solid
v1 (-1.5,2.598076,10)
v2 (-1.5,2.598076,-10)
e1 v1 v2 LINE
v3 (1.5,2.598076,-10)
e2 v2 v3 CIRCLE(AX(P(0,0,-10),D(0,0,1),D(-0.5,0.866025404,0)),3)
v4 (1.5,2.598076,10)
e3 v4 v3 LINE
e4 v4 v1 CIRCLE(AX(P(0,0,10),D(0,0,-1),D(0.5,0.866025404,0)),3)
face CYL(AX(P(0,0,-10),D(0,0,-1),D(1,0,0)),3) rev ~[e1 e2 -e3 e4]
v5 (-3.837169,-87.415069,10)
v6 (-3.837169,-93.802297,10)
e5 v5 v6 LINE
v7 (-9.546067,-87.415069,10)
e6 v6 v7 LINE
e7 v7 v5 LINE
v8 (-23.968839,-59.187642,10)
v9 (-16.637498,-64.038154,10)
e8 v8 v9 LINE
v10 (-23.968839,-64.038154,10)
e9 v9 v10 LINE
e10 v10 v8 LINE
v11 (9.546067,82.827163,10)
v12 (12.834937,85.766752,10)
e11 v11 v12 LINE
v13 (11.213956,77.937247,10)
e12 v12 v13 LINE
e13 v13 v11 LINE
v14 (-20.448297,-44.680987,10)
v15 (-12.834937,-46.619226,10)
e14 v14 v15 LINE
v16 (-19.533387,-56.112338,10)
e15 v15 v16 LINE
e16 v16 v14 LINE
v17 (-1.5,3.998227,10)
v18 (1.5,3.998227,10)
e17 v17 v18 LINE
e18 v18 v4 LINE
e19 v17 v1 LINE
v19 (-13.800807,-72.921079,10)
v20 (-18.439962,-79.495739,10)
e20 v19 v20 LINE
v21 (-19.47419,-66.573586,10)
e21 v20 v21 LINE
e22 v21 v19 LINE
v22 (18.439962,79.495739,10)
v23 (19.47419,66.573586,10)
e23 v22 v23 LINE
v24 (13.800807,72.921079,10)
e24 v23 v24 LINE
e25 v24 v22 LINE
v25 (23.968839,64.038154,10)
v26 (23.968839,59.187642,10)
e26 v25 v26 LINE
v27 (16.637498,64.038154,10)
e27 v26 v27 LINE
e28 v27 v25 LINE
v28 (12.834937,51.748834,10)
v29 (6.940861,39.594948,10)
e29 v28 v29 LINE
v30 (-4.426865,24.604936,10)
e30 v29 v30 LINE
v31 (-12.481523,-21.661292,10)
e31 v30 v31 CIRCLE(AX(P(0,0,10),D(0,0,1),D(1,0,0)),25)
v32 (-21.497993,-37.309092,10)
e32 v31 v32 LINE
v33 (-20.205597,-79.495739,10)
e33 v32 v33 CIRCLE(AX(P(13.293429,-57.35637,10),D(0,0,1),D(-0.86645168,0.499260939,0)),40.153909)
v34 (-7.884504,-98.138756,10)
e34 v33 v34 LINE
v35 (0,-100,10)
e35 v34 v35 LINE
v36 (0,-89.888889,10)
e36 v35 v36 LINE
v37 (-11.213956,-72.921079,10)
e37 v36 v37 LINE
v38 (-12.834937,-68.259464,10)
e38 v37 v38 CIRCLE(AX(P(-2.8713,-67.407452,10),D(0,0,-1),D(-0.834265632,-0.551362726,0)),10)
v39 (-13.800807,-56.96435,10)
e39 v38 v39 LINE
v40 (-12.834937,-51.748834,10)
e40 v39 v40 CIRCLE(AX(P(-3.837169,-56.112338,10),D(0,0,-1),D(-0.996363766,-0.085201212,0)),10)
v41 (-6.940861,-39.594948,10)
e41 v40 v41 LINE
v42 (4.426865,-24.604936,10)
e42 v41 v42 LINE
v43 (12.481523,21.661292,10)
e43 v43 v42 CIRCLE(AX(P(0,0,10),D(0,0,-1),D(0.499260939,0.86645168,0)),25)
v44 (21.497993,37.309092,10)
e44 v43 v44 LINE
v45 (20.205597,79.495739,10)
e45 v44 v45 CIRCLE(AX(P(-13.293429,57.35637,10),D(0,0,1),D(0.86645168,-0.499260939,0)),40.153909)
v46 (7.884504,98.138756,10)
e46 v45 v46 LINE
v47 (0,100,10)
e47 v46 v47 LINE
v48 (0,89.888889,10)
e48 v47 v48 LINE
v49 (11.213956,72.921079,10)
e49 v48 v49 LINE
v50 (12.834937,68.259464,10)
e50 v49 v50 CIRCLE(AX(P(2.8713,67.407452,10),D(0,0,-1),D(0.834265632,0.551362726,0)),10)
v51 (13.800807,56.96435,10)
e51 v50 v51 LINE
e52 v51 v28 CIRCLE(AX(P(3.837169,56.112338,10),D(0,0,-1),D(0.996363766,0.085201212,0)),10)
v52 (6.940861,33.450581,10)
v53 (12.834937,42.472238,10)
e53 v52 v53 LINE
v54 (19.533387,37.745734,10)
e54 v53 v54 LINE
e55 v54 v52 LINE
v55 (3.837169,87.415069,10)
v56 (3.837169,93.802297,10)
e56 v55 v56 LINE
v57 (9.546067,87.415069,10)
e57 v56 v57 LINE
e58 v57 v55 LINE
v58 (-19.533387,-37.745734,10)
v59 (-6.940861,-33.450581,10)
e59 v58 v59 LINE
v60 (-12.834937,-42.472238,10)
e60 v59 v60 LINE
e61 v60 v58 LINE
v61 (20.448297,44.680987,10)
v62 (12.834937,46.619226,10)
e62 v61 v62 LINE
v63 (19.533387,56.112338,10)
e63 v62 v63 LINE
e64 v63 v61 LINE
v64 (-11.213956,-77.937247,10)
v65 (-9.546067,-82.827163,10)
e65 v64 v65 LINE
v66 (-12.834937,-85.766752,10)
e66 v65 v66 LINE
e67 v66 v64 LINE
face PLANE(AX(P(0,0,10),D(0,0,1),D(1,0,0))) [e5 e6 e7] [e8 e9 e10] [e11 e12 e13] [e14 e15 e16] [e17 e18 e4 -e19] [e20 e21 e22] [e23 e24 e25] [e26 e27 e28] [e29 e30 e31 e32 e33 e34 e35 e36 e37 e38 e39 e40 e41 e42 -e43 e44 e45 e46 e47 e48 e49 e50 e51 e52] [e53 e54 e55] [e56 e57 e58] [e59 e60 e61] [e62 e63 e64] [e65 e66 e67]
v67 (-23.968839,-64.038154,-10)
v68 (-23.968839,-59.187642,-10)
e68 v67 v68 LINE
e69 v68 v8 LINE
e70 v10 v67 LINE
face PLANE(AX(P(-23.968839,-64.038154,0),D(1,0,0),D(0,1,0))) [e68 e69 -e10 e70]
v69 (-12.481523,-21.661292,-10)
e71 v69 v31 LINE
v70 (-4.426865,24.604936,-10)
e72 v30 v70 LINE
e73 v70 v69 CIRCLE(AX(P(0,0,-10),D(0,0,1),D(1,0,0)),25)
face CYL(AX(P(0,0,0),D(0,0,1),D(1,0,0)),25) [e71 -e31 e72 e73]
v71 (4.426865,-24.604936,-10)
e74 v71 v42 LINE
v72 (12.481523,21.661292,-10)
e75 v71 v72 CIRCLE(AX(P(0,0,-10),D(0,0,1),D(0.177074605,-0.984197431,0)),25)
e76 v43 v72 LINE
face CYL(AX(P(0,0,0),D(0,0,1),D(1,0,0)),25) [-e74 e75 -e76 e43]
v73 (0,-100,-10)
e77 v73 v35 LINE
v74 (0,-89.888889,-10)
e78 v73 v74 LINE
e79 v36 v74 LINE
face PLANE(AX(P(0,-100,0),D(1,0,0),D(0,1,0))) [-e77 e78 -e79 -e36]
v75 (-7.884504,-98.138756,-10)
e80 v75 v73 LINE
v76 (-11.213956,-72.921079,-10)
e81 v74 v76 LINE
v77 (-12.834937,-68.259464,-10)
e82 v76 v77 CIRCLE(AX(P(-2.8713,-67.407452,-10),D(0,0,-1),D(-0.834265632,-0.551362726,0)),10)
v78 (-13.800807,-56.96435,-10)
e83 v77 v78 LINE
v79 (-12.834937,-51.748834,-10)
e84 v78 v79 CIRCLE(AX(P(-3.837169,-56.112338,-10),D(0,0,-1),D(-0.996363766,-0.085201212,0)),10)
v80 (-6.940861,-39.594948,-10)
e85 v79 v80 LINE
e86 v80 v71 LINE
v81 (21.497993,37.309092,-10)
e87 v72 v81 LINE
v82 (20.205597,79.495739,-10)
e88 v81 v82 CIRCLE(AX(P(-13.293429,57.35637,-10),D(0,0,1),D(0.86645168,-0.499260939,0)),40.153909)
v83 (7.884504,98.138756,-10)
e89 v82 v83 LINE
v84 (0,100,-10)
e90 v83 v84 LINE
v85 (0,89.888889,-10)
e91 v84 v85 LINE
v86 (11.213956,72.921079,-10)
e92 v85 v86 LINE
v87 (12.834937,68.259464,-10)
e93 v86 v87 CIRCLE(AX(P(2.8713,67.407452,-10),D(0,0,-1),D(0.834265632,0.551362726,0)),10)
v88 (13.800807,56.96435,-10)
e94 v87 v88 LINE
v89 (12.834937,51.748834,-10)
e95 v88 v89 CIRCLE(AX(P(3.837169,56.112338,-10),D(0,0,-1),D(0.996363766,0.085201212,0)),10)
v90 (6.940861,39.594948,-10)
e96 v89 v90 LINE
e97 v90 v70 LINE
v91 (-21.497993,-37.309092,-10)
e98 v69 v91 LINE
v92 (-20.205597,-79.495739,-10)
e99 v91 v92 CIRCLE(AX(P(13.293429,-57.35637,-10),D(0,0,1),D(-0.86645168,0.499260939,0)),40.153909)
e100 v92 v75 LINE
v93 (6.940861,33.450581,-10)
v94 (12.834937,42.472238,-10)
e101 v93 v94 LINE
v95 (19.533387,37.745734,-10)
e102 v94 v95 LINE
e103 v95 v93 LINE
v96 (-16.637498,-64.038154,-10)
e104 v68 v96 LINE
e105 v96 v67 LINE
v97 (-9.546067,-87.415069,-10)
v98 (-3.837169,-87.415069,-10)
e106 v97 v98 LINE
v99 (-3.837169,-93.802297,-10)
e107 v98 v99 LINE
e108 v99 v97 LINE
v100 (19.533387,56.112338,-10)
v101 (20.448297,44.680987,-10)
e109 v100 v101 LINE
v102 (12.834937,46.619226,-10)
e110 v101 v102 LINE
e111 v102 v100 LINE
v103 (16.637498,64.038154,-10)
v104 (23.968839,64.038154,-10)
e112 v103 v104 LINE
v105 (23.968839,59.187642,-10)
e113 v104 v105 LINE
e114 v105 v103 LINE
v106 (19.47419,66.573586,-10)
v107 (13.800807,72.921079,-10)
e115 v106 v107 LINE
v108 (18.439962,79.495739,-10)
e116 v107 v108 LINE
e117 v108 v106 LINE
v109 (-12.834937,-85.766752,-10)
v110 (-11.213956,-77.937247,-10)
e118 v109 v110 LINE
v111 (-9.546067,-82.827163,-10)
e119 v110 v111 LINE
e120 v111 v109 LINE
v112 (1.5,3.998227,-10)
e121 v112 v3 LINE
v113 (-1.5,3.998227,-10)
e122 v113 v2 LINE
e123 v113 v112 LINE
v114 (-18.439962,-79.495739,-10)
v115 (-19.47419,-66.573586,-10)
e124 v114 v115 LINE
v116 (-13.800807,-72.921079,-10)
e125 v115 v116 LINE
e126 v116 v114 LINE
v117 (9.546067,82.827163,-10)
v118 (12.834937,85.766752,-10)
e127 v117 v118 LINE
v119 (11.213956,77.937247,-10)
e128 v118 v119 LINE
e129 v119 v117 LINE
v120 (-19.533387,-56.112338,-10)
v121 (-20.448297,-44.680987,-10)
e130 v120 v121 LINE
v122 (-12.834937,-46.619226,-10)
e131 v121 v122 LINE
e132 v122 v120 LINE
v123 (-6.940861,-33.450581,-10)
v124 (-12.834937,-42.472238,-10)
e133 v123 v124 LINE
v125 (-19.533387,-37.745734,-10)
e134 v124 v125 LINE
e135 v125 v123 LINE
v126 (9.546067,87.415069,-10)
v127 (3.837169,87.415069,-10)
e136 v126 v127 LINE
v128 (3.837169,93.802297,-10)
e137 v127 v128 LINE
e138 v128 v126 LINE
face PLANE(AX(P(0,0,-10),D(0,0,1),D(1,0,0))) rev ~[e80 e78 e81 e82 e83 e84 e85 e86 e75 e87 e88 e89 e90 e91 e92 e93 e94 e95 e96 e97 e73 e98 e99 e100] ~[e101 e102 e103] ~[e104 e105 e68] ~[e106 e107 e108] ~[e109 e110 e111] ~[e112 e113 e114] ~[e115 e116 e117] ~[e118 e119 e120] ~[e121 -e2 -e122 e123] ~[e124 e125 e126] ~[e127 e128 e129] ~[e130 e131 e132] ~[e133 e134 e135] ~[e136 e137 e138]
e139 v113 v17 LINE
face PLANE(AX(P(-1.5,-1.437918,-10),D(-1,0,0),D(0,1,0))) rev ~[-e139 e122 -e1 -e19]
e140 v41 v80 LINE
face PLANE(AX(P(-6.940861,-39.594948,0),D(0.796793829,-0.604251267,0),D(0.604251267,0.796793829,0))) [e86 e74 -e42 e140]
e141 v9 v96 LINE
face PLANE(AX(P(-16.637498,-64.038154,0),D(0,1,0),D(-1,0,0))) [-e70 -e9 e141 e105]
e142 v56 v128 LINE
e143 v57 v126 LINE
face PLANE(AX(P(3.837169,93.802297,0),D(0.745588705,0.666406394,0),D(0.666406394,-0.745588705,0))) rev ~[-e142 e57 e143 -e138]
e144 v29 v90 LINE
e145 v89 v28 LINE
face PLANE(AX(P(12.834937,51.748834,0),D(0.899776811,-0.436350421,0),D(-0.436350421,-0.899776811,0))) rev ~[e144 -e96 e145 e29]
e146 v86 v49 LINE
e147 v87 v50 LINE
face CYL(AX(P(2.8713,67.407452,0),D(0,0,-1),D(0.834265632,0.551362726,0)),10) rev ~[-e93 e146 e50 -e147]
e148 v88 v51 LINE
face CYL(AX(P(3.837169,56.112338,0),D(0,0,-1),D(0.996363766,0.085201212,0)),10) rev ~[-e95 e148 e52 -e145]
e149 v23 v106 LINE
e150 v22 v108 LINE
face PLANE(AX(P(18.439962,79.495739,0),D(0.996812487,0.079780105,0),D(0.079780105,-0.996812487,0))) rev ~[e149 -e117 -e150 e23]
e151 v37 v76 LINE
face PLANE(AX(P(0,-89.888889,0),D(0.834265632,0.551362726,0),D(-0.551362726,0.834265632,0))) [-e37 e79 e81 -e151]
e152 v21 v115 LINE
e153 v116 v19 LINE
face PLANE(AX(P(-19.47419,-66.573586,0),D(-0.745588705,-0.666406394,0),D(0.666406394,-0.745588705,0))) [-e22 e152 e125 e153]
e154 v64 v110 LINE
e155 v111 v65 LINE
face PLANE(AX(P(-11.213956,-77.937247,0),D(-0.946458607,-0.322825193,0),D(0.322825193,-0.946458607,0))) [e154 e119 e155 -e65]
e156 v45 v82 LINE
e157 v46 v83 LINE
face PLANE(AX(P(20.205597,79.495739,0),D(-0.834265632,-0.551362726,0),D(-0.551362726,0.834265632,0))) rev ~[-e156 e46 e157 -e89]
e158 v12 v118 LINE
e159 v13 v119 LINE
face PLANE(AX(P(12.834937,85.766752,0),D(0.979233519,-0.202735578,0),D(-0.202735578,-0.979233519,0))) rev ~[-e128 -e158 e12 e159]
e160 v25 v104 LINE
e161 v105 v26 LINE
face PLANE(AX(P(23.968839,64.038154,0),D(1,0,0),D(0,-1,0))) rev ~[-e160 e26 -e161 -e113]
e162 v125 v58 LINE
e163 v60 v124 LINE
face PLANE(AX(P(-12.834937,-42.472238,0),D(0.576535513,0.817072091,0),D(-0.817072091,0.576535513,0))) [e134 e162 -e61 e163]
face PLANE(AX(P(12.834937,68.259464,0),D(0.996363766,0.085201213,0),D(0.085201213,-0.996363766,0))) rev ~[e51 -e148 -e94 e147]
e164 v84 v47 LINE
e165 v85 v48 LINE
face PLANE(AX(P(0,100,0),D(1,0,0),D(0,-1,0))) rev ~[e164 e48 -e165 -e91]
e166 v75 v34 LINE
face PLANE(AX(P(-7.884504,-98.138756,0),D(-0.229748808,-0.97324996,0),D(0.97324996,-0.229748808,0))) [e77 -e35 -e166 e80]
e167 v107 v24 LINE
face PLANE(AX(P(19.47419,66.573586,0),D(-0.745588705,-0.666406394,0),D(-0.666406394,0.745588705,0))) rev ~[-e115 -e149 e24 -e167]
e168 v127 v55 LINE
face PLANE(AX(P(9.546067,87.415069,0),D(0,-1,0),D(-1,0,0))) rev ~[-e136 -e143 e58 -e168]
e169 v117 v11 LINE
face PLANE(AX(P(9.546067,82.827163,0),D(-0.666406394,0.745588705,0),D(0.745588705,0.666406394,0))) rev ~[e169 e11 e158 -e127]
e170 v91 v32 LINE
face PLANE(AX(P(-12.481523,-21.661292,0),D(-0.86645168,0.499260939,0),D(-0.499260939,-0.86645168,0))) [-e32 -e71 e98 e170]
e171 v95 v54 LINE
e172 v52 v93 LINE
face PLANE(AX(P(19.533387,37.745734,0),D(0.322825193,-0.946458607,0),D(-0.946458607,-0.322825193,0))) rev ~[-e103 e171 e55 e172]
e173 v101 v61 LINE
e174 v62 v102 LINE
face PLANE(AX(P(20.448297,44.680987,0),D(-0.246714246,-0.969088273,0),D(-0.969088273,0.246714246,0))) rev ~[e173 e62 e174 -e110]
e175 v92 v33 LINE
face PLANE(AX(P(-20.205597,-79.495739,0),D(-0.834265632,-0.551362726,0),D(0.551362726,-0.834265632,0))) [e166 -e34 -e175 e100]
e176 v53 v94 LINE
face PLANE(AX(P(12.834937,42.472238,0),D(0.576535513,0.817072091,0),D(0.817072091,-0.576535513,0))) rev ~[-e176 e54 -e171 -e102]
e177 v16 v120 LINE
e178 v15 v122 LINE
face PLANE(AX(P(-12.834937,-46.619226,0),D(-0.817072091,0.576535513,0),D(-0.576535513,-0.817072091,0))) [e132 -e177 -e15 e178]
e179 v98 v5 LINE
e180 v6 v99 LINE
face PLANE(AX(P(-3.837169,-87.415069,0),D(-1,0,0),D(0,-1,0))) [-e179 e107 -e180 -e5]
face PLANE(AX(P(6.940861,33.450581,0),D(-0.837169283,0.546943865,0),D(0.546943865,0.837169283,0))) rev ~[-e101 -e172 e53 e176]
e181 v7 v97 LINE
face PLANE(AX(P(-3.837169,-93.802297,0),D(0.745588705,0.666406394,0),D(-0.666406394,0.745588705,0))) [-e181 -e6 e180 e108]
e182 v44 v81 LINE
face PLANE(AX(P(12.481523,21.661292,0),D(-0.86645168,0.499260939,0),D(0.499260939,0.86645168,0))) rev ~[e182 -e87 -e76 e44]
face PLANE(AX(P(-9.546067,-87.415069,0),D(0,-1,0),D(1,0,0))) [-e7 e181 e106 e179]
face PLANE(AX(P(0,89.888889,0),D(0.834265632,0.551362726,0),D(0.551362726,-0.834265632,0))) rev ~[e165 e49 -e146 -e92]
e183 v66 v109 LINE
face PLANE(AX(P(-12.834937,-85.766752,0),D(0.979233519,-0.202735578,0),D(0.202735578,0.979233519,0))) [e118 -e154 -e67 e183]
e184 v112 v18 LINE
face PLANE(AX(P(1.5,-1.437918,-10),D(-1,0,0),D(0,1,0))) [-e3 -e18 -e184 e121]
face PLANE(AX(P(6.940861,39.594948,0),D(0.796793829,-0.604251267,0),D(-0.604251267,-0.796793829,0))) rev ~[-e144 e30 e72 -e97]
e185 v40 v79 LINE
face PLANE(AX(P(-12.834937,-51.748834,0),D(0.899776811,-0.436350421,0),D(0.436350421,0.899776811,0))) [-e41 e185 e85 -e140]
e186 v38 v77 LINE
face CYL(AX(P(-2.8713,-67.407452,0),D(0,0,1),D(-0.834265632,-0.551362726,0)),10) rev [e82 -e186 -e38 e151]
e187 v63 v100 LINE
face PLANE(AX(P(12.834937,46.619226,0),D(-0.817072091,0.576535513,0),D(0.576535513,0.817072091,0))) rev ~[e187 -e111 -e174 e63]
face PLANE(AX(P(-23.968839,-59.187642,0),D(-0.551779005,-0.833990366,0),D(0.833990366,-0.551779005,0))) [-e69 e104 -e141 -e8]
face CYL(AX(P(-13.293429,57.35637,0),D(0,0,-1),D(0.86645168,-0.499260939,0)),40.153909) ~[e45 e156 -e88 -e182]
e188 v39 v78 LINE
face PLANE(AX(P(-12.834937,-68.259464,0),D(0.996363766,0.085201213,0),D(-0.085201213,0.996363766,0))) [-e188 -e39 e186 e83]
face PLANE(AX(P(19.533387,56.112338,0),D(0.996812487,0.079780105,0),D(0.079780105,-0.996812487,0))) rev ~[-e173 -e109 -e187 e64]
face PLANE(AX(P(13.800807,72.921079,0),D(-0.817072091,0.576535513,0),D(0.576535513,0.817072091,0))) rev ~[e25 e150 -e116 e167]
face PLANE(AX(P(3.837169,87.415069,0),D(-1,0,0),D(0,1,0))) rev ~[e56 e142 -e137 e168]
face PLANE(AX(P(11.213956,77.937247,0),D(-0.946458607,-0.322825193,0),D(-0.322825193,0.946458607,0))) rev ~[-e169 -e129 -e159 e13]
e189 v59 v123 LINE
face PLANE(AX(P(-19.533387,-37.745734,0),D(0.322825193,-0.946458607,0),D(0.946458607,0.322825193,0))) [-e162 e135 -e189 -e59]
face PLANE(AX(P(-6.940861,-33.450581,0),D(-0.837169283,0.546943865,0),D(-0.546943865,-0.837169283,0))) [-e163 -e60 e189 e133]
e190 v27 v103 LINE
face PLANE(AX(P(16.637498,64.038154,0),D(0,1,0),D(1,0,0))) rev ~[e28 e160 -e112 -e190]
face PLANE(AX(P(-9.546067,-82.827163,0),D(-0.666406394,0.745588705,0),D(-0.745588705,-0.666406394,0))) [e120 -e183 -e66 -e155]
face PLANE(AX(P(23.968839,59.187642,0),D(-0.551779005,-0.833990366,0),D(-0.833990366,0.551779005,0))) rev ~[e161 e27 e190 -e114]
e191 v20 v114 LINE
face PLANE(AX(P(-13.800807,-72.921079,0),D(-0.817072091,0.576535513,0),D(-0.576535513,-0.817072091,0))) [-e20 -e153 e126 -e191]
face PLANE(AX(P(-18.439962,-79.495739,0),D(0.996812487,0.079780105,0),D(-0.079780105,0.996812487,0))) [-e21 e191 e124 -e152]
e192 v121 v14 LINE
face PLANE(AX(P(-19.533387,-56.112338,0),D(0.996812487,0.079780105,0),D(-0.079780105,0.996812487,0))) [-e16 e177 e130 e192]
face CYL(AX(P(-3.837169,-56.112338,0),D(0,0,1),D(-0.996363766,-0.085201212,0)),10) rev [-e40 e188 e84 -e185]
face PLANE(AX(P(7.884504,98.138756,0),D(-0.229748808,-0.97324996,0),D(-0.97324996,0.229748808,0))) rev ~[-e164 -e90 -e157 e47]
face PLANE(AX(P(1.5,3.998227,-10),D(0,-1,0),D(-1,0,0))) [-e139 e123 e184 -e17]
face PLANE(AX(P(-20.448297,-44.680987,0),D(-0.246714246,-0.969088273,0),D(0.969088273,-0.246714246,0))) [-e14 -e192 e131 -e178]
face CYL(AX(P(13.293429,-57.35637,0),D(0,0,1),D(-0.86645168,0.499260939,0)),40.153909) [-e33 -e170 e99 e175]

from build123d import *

# Parameters (mm, degrees)
BOSS_EXTRUDE2_DEPTH = 10
BOSS_EXTRUDE3_DEPTH = 10
SKETCH4_R           = 3
CUT_EXTRUDE2_DEPTH  = 97.50000000000003
SKETCH5_W           = 2.9999999999999996
SKETCH5_H           = 5.436144239166649
CUT_EXTRUDE3_DEPTH  = 97.50000000000003


with BuildPart() as part:
    # Sketch1 → Boss-Extrude2 (new, symmetric)
    with BuildSketch(Plane.XY):
        with BuildLine():
            ThreePointArc((25, 0), (21.645300725418316, 12.509234848950804), (12.48152347950358, 21.661292012033837))
            ThreePointArc((12.48152347950358, 21.661292012033837), (4.28784793672588, 24.62954242513481), (-4.426865135345868, 24.604935786818448))
            ThreePointArc((-4.426865135345868, 24.604935786818448), (-24.629542425134808, 4.287847936725893), (-12.481523479503583, -21.661292012033833))
            ThreePointArc((-12.481523479503583, -21.661292012033833), (-4.287847936725894, -24.629542425134808), (4.426865135345872, -24.604935786818448))
            ThreePointArc((4.426865135345872, -24.604935786818448), (19.17904622737594, -16.036339538940197), (25, -6.12e-15))
        make_face()
    extrude(amount=BOSS_EXTRUDE2_DEPTH, both=True)

    # Sketch1<3> → Boss-Extrude3 (add, symmetric)
    # profile 1 of 2: a face of its own
    with BuildSketch(Plane.XY):
        with BuildLine():
            Line((7.884503622185871, 98.13875635188714), (0, 100))
            Line((0, 100), (0, 89.88888944193812))
            Line((0, 89.88888944193812), (11.213955839011007, 72.92107946844857))
            ThreePointArc((11.213955839011007, 72.92107946844857), (12.316550372656614, 70.69184504913264), (12.834937174754405, 68.25946433771043))
            Line((12.834937174754403, 68.25946433771043), (13.800806715779299, 56.96435029183125))
            ThreePointArc((13.800806715779299, 56.96435029183125), (13.669977908403055, 54.29138507792813), (12.834937174754405, 51.74883396050234))
            Line((12.834937174754405, 51.74883396050234), (6.9408608007812065, 39.59494800864677))
            Line((6.9408608007812065, 39.59494800864677), (-4.426865135345866, 24.604935786818455))
            ThreePointArc((-4.426865135345868, 24.604935786818448), (4.28784793672588, 24.62954242513481), (12.48152347950358, 21.661292012033837))
            Line((12.48152347950358, 21.661292012033837), (21.497992967547173, 37.3090916431309))
            ThreePointArc((21.497992967547184, 37.30909164313089), (26.841650784941862, 58.58591551416716), (20.205597304410567, 79.49573873465448))
            Line((20.20559730441056, 79.49573873465448), (7.884503622185871, 98.13875635188714))
        make_face()
        Polygon((19.53338673071413, 37.74573428428377), (6.9408608007812065, 33.45058119297329), (12.834937174754405, 42.47223772885839), align=None, mode=Mode.SUBTRACT)
        Polygon((3.837169059910087, 87.41506901436794), (3.837169059910087, 93.80229693129422), (9.546066599836061, 87.41506901436794), align=None, mode=Mode.SUBTRACT)
        Polygon((9.546066599836061, 82.82716309982816), (12.834937174754405, 85.76675213258054), (11.213955839011007, 77.93724694409028), align=None, mode=Mode.SUBTRACT)
        Polygon((20.448297379263852, 44.6809874579877), (12.834937174754405, 46.619226190129275), (19.53338673071413, 56.11233816601091), align=None, mode=Mode.SUBTRACT)
        Polygon((13.800806715779299, 72.92107946844857), (18.439962300817417, 79.49573873465448), (19.474189611668198, 66.57358604040863), align=None, mode=Mode.SUBTRACT)
        Polygon((23.968839315475996, 59.18764241375836), (16.637498163723752, 64.03815423191097), (23.968839315475996, 64.03815423191097), align=None, mode=Mode.SUBTRACT)
    # profile 2 of 2: a face of its own
    with BuildSketch(Plane.XY):
        with BuildLine():
            Line((-6.9408608007812065, -39.59494800864677), (4.426865135345866, -24.604935786818455))
            ThreePointArc((4.426865135345872, -24.604935786818448), (-4.287847936725894, -24.629542425134808), (-12.481523479503583, -21.661292012033833))
            Line((-12.48152347950358, -21.661292012033837), (-21.497992967547173, -37.3090916431309))
            ThreePointArc((-21.49799296754719, -37.3090916431309), (-26.841650784941862, -58.58591551416717), (-20.205597304410567, -79.49573873465448))
            Line((-20.20559730441056, -79.49573873465448), (-7.884503622185871, -98.13875635188714))
            Line((-7.884503622185871, -98.13875635188714), (0, -100))
            Line((0, -100), (0, -89.88888944193812))
            Line((0, -89.88888944193812), (-11.213955839011007, -72.92107946844857))
            ThreePointArc((-11.213955839011007, -72.92107946844857), (-12.316550372656614, -70.69184504913264), (-12.834937174754405, -68.25946433771043))
            Line((-12.834937174754403, -68.25946433771043), (-13.800806715779299, -56.96435029183125))
            ThreePointArc((-13.800806715779299, -56.96435029183125), (-13.669977908403055, -54.29138507792813), (-12.834937174754405, -51.74883396050234))
            Line((-12.834937174754405, -51.74883396050234), (-6.9408608007812065, -39.59494800864677))
        make_face()
        Polygon((-23.968839315475996, -59.18764241375836), (-16.637498163723752, -64.03815423191097), (-23.968839315475996, -64.03815423191097), align=None, mode=Mode.SUBTRACT)
        Polygon((-13.800806715779299, -72.92107946844857), (-18.439962300817417, -79.49573873465448), (-19.474189611668198, -66.57358604040863), align=None, mode=Mode.SUBTRACT)
        Polygon((-20.448297379263852, -44.6809874579877), (-12.834937174754405, -46.619226190129275), (-19.53338673071413, -56.11233816601091), align=None, mode=Mode.SUBTRACT)
        Polygon((-9.546066599836061, -82.82716309982816), (-12.834937174754405, -85.76675213258054), (-11.213955839011007, -77.93724694409028), align=None, mode=Mode.SUBTRACT)
        Polygon((-3.837169059910087, -87.41506901436794), (-3.837169059910087, -93.80229693129422), (-9.546066599836061, -87.41506901436794), align=None, mode=Mode.SUBTRACT)
        Polygon((-19.53338673071413, -37.74573428428377), (-6.9408608007812065, -33.45058119297329), (-12.834937174754405, -42.47223772885839), align=None, mode=Mode.SUBTRACT)
    extrude(amount=BOSS_EXTRUDE3_DEPTH, both=True)

    # Sketch4 → Cut-Extrude2 (cut, symmetric)
    with BuildSketch(Plane(origin=(0, 0, -10), x_dir=(-1, 0, 0), z_dir=(0, 0, -1))):
        Circle(SKETCH4_R)
    extrude(amount=CUT_EXTRUDE2_DEPTH, both=True, mode=Mode.SUBTRACT)

    # Sketch5 → Cut-Extrude3 (cut, symmetric)
    with BuildSketch(Plane(origin=(0, 0, -10), x_dir=(-1, 0, 0), z_dir=(0, 0, -1))):
        with Locations((-2.2e-16, 1.2801544176002273)):
            Rectangle(SKETCH5_W, SKETCH5_H)
    extrude(amount=CUT_EXTRUDE3_DEPTH, both=True, mode=Mode.SUBTRACT)


solid = part.part
